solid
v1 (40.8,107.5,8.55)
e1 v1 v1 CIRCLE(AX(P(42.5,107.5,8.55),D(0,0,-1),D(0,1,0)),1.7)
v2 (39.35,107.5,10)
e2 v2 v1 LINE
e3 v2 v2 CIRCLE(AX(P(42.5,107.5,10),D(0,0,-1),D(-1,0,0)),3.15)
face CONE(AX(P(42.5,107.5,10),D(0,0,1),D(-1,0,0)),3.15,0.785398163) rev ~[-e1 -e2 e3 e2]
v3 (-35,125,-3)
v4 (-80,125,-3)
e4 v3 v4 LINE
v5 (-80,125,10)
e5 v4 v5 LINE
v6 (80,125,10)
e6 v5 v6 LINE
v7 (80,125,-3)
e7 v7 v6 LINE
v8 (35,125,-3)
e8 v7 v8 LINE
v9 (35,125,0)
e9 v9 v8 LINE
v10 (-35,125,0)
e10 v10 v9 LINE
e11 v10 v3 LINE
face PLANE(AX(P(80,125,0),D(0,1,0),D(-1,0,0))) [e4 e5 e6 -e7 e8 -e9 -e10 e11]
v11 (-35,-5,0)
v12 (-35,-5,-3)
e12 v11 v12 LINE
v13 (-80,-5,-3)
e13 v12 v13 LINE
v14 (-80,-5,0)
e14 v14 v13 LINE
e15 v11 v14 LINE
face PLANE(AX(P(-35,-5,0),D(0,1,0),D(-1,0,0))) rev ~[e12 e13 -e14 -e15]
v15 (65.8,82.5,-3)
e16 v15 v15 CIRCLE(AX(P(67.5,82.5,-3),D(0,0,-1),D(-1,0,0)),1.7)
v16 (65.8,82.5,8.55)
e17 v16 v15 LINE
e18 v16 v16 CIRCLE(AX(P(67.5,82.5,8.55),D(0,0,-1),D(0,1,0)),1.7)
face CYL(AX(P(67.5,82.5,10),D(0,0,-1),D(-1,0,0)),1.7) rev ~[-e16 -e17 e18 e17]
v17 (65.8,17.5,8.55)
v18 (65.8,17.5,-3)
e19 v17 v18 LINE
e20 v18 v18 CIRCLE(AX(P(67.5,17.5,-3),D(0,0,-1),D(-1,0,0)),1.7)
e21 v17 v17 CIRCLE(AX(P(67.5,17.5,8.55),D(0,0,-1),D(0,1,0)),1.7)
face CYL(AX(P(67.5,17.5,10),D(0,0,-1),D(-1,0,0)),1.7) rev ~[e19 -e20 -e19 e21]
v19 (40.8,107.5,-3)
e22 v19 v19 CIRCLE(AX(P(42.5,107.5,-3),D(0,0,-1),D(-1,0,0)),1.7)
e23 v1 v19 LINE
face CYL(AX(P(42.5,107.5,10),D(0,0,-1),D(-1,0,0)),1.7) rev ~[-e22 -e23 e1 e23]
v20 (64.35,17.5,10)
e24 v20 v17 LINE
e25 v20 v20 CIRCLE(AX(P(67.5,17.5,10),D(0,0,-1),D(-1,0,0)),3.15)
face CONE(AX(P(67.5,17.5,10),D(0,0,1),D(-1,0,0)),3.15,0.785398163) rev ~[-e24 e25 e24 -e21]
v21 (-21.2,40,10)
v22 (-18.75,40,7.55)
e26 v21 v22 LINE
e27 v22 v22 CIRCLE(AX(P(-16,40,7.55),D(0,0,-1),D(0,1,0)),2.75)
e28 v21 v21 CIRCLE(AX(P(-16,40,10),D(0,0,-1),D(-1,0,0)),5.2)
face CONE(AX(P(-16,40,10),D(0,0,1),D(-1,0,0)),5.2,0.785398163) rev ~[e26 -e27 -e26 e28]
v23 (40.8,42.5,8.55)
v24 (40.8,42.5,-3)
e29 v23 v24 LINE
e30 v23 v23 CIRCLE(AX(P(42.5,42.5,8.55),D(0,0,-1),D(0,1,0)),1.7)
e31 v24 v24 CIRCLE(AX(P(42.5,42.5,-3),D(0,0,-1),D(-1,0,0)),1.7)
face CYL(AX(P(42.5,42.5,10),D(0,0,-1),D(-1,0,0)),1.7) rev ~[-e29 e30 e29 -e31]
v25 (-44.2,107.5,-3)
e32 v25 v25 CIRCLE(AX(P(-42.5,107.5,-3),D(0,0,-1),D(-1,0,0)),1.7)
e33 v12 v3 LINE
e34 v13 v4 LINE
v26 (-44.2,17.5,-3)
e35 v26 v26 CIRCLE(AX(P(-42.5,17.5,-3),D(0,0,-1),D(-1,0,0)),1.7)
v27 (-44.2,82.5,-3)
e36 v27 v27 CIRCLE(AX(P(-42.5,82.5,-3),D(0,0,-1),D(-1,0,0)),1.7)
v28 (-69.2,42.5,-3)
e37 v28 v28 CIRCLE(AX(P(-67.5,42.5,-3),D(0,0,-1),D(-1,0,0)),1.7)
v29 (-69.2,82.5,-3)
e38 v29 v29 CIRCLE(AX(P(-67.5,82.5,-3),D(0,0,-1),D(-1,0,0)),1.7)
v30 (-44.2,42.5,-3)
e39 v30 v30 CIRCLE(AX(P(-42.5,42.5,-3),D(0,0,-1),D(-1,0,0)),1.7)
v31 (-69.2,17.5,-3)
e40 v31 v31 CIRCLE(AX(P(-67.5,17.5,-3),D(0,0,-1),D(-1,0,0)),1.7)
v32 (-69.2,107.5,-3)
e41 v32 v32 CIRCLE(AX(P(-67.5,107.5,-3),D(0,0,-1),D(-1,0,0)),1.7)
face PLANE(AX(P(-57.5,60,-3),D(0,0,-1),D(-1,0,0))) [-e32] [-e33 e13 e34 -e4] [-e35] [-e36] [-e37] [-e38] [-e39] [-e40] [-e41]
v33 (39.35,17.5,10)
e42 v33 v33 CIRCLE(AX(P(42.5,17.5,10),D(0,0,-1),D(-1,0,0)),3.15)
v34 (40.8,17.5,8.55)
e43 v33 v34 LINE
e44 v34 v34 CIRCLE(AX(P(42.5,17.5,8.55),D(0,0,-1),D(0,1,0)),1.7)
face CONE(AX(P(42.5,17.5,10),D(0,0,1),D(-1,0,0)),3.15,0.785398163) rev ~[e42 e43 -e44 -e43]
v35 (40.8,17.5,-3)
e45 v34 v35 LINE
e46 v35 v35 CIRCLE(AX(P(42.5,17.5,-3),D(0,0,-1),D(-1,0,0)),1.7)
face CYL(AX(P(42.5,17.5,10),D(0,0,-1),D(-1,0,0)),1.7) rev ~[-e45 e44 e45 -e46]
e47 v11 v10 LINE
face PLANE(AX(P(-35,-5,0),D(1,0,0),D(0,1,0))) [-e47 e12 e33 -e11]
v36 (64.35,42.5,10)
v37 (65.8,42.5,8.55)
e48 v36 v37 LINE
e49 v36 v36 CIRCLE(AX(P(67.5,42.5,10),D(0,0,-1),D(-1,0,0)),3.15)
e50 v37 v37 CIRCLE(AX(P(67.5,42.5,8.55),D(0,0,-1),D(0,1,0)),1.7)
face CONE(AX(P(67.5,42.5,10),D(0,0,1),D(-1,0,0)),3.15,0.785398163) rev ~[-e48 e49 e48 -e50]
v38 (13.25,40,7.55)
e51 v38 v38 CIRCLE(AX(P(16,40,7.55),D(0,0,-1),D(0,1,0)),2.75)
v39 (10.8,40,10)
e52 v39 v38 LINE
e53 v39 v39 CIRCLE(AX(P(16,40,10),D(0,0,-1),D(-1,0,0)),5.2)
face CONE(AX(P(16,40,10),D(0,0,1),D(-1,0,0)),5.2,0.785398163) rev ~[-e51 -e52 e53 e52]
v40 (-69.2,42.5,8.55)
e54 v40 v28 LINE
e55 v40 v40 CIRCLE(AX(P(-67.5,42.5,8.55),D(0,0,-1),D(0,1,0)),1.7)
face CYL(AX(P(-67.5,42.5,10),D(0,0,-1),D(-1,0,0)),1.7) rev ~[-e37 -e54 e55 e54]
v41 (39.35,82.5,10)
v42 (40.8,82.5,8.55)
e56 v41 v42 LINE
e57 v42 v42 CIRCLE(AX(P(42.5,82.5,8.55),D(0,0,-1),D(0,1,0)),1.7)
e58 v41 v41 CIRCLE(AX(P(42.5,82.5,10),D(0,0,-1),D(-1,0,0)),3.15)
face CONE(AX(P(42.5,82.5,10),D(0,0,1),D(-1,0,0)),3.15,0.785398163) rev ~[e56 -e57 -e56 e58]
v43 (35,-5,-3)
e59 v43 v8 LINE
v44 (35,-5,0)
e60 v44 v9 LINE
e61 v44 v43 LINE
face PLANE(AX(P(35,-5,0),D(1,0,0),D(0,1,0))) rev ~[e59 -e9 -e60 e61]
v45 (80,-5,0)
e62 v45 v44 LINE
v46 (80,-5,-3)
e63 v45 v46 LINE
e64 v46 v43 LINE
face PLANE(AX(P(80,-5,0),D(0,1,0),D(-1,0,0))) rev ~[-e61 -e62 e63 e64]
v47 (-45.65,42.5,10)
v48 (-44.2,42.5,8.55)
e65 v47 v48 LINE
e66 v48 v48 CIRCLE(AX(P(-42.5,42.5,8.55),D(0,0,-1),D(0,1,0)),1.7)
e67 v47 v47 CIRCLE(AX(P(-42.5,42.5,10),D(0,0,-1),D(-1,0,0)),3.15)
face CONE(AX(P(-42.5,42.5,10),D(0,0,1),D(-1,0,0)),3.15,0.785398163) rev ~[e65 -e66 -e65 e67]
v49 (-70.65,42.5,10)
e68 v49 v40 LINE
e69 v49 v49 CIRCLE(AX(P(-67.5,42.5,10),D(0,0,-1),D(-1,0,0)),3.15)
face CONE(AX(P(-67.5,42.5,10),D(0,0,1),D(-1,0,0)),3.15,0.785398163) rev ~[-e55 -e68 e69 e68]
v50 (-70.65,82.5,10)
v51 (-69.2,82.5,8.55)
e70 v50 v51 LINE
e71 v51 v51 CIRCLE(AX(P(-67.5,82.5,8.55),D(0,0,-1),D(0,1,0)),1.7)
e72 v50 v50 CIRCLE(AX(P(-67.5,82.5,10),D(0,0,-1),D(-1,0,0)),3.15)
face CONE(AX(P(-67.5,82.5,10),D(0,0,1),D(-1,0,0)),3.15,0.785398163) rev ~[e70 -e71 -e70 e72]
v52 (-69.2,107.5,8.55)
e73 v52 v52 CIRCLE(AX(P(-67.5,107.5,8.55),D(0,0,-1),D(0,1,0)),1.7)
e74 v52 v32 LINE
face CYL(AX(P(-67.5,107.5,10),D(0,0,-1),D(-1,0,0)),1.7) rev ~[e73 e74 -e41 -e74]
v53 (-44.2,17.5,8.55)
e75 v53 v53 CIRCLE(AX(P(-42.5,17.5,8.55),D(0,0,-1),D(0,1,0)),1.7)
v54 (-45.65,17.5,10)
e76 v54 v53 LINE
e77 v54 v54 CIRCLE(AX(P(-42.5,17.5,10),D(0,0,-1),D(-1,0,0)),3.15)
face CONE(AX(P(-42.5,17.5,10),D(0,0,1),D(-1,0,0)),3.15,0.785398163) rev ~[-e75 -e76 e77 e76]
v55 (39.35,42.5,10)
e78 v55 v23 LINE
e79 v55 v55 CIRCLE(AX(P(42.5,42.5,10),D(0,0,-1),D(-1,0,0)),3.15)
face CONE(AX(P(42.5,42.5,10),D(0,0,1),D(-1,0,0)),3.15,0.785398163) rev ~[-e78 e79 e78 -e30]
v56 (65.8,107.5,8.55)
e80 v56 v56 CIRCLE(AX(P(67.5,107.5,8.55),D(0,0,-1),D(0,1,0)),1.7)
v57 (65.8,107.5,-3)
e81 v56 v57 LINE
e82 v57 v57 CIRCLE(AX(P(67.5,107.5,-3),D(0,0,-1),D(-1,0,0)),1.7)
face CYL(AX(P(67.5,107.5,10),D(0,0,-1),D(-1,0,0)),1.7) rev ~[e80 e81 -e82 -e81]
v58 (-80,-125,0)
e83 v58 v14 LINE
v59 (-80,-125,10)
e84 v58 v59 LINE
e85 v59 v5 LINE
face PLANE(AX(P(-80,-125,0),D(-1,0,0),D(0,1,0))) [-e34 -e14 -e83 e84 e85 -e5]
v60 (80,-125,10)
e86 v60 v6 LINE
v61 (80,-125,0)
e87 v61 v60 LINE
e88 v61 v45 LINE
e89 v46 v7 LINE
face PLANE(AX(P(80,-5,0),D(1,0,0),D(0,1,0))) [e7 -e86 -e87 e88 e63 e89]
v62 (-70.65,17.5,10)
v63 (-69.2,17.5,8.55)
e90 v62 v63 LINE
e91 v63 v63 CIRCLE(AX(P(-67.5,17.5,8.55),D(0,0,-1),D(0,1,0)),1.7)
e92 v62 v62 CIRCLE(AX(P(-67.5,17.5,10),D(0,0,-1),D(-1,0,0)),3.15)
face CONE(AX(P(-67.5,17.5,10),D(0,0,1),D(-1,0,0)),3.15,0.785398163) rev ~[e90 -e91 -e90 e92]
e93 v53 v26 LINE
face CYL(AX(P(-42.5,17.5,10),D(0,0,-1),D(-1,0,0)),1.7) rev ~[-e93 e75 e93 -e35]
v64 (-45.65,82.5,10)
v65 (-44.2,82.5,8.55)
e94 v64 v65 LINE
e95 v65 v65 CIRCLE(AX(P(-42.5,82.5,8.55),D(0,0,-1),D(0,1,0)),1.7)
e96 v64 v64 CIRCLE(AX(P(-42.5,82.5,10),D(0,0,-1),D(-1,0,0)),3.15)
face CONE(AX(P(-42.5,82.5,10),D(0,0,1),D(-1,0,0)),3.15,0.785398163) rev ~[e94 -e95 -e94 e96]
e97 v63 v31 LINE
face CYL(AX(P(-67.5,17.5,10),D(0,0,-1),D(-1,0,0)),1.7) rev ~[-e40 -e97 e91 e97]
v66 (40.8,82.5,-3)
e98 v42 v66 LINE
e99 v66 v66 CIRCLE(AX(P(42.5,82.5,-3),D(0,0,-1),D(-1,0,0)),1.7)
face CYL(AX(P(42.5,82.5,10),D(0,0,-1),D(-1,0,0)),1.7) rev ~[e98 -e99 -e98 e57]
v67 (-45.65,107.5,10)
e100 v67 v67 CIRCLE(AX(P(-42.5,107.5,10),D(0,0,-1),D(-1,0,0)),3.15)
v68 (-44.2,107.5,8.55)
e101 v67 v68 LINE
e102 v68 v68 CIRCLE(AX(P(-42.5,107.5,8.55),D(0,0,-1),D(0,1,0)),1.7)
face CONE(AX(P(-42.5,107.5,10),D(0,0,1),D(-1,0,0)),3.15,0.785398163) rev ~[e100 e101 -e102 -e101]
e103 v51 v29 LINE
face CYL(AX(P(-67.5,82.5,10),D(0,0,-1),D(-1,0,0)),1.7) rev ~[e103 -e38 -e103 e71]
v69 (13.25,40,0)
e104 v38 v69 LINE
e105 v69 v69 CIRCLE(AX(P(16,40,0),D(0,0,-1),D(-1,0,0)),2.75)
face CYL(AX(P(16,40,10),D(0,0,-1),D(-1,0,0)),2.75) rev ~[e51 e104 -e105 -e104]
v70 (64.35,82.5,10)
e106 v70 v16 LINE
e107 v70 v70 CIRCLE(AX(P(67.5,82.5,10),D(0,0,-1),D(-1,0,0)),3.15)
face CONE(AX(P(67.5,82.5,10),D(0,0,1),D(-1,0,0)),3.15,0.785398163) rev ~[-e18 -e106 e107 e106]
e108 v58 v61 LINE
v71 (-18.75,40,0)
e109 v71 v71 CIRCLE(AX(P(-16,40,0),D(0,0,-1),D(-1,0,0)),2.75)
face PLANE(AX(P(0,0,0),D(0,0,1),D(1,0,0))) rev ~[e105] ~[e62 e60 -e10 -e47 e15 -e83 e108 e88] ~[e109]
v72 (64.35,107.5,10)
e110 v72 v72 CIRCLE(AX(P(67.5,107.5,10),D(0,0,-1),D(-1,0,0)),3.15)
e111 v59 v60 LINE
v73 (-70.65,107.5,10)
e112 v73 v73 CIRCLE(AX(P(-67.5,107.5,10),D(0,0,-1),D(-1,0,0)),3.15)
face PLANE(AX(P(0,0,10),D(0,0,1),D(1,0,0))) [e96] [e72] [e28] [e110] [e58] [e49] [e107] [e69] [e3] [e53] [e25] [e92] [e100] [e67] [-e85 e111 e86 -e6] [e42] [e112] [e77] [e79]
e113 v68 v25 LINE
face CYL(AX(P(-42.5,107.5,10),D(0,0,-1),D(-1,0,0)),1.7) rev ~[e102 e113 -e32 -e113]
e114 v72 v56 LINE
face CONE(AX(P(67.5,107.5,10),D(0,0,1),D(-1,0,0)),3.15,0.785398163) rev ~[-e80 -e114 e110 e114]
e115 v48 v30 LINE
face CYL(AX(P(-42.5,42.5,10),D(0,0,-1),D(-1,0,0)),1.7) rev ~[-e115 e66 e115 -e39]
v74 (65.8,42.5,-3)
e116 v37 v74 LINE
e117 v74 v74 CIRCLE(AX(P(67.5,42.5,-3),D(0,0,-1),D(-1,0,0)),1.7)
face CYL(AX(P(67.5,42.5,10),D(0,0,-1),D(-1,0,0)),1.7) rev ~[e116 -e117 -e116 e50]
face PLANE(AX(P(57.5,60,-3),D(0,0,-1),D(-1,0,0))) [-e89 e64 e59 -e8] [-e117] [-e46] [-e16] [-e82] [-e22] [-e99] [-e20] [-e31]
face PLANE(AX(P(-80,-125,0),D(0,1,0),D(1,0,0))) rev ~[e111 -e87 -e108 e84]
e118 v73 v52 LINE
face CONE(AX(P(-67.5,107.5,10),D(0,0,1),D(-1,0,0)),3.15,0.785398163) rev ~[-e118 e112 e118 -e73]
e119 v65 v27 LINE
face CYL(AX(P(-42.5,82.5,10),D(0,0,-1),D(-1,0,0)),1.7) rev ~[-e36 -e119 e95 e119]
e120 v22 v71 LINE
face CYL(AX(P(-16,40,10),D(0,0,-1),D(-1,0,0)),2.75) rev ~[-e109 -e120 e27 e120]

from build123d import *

# Parameters (mm, degrees)
SKETCH_1_W                 = 160
SKETCH_1_H                 = 250
EXTRUDE_271_DEPTH          = 10
SKETCH_6_W                 = 45
SKETCH_6_H                 = 130
EXTRUDE_648_DEPTH          = 3
HOLE_WIZARD_M3_D           = 3.4
HOLE_WIZARD_M3_CSINK_D     = 6.3
HOLE_WIZARD_M3_CSINK_ANGLE = 90
HOLE_WIZARD_M5_D           = 5.5
HOLE_WIZARD_M5_CSINK_D     = 10.4
HOLE_WIZARD_M5_CSINK_ANGLE = 90


with BuildPart() as part:
    # Эскиз1 → Extrude 271 (new body)
    with BuildSketch(Plane.XY):
        Rectangle(SKETCH_1_W, SKETCH_1_H)
    extrude(amount=EXTRUDE_271_DEPTH)

    # Эскиз6 → Extrude 648 (add)
    with BuildSketch(Plane(origin=(0, 0, 0), x_dir=(-1, 0, 0), z_dir=(0, 0, -1))):
        with Locations((-57.5, 60)):
            Rectangle(SKETCH_6_W, SKETCH_6_H)
        with Locations((57.5, 60)):
            Rectangle(SKETCH_6_W, SKETCH_6_H)
    extrude(amount=EXTRUDE_648_DEPTH)

    # Каретки-M3 (through all)
    with Locations(Plane.XY.offset(10)):
        with Locations((-67.5, 107.5), (-42.5, 107.5), (-42.5, 82.5), (-67.5, 82.5), (42.5, 107.5), (67.5, 107.5), (67.5, 82.5), (42.5, 82.5), (-67.5, 42.5), (-42.5, 42.5), (-42.5, 17.5), (-67.5, 17.5), (42.5, 42.5), (67.5, 42.5), (67.5, 17.5), (42.5, 17.5)):
            CounterSinkHole(HOLE_WIZARD_M3_D / 2, HOLE_WIZARD_M3_CSINK_D / 2, counter_sink_angle=HOLE_WIZARD_M3_CSINK_ANGLE)

    # Гайка ШВП - M5 (through all)
    with Locations(Plane.XY.offset(10)):
        with Locations((-16, 40), (16, 40)):
            CounterSinkHole(HOLE_WIZARD_M5_D / 2, HOLE_WIZARD_M5_CSINK_D / 2, counter_sink_angle=HOLE_WIZARD_M5_CSINK_ANGLE)


solid = part.part
